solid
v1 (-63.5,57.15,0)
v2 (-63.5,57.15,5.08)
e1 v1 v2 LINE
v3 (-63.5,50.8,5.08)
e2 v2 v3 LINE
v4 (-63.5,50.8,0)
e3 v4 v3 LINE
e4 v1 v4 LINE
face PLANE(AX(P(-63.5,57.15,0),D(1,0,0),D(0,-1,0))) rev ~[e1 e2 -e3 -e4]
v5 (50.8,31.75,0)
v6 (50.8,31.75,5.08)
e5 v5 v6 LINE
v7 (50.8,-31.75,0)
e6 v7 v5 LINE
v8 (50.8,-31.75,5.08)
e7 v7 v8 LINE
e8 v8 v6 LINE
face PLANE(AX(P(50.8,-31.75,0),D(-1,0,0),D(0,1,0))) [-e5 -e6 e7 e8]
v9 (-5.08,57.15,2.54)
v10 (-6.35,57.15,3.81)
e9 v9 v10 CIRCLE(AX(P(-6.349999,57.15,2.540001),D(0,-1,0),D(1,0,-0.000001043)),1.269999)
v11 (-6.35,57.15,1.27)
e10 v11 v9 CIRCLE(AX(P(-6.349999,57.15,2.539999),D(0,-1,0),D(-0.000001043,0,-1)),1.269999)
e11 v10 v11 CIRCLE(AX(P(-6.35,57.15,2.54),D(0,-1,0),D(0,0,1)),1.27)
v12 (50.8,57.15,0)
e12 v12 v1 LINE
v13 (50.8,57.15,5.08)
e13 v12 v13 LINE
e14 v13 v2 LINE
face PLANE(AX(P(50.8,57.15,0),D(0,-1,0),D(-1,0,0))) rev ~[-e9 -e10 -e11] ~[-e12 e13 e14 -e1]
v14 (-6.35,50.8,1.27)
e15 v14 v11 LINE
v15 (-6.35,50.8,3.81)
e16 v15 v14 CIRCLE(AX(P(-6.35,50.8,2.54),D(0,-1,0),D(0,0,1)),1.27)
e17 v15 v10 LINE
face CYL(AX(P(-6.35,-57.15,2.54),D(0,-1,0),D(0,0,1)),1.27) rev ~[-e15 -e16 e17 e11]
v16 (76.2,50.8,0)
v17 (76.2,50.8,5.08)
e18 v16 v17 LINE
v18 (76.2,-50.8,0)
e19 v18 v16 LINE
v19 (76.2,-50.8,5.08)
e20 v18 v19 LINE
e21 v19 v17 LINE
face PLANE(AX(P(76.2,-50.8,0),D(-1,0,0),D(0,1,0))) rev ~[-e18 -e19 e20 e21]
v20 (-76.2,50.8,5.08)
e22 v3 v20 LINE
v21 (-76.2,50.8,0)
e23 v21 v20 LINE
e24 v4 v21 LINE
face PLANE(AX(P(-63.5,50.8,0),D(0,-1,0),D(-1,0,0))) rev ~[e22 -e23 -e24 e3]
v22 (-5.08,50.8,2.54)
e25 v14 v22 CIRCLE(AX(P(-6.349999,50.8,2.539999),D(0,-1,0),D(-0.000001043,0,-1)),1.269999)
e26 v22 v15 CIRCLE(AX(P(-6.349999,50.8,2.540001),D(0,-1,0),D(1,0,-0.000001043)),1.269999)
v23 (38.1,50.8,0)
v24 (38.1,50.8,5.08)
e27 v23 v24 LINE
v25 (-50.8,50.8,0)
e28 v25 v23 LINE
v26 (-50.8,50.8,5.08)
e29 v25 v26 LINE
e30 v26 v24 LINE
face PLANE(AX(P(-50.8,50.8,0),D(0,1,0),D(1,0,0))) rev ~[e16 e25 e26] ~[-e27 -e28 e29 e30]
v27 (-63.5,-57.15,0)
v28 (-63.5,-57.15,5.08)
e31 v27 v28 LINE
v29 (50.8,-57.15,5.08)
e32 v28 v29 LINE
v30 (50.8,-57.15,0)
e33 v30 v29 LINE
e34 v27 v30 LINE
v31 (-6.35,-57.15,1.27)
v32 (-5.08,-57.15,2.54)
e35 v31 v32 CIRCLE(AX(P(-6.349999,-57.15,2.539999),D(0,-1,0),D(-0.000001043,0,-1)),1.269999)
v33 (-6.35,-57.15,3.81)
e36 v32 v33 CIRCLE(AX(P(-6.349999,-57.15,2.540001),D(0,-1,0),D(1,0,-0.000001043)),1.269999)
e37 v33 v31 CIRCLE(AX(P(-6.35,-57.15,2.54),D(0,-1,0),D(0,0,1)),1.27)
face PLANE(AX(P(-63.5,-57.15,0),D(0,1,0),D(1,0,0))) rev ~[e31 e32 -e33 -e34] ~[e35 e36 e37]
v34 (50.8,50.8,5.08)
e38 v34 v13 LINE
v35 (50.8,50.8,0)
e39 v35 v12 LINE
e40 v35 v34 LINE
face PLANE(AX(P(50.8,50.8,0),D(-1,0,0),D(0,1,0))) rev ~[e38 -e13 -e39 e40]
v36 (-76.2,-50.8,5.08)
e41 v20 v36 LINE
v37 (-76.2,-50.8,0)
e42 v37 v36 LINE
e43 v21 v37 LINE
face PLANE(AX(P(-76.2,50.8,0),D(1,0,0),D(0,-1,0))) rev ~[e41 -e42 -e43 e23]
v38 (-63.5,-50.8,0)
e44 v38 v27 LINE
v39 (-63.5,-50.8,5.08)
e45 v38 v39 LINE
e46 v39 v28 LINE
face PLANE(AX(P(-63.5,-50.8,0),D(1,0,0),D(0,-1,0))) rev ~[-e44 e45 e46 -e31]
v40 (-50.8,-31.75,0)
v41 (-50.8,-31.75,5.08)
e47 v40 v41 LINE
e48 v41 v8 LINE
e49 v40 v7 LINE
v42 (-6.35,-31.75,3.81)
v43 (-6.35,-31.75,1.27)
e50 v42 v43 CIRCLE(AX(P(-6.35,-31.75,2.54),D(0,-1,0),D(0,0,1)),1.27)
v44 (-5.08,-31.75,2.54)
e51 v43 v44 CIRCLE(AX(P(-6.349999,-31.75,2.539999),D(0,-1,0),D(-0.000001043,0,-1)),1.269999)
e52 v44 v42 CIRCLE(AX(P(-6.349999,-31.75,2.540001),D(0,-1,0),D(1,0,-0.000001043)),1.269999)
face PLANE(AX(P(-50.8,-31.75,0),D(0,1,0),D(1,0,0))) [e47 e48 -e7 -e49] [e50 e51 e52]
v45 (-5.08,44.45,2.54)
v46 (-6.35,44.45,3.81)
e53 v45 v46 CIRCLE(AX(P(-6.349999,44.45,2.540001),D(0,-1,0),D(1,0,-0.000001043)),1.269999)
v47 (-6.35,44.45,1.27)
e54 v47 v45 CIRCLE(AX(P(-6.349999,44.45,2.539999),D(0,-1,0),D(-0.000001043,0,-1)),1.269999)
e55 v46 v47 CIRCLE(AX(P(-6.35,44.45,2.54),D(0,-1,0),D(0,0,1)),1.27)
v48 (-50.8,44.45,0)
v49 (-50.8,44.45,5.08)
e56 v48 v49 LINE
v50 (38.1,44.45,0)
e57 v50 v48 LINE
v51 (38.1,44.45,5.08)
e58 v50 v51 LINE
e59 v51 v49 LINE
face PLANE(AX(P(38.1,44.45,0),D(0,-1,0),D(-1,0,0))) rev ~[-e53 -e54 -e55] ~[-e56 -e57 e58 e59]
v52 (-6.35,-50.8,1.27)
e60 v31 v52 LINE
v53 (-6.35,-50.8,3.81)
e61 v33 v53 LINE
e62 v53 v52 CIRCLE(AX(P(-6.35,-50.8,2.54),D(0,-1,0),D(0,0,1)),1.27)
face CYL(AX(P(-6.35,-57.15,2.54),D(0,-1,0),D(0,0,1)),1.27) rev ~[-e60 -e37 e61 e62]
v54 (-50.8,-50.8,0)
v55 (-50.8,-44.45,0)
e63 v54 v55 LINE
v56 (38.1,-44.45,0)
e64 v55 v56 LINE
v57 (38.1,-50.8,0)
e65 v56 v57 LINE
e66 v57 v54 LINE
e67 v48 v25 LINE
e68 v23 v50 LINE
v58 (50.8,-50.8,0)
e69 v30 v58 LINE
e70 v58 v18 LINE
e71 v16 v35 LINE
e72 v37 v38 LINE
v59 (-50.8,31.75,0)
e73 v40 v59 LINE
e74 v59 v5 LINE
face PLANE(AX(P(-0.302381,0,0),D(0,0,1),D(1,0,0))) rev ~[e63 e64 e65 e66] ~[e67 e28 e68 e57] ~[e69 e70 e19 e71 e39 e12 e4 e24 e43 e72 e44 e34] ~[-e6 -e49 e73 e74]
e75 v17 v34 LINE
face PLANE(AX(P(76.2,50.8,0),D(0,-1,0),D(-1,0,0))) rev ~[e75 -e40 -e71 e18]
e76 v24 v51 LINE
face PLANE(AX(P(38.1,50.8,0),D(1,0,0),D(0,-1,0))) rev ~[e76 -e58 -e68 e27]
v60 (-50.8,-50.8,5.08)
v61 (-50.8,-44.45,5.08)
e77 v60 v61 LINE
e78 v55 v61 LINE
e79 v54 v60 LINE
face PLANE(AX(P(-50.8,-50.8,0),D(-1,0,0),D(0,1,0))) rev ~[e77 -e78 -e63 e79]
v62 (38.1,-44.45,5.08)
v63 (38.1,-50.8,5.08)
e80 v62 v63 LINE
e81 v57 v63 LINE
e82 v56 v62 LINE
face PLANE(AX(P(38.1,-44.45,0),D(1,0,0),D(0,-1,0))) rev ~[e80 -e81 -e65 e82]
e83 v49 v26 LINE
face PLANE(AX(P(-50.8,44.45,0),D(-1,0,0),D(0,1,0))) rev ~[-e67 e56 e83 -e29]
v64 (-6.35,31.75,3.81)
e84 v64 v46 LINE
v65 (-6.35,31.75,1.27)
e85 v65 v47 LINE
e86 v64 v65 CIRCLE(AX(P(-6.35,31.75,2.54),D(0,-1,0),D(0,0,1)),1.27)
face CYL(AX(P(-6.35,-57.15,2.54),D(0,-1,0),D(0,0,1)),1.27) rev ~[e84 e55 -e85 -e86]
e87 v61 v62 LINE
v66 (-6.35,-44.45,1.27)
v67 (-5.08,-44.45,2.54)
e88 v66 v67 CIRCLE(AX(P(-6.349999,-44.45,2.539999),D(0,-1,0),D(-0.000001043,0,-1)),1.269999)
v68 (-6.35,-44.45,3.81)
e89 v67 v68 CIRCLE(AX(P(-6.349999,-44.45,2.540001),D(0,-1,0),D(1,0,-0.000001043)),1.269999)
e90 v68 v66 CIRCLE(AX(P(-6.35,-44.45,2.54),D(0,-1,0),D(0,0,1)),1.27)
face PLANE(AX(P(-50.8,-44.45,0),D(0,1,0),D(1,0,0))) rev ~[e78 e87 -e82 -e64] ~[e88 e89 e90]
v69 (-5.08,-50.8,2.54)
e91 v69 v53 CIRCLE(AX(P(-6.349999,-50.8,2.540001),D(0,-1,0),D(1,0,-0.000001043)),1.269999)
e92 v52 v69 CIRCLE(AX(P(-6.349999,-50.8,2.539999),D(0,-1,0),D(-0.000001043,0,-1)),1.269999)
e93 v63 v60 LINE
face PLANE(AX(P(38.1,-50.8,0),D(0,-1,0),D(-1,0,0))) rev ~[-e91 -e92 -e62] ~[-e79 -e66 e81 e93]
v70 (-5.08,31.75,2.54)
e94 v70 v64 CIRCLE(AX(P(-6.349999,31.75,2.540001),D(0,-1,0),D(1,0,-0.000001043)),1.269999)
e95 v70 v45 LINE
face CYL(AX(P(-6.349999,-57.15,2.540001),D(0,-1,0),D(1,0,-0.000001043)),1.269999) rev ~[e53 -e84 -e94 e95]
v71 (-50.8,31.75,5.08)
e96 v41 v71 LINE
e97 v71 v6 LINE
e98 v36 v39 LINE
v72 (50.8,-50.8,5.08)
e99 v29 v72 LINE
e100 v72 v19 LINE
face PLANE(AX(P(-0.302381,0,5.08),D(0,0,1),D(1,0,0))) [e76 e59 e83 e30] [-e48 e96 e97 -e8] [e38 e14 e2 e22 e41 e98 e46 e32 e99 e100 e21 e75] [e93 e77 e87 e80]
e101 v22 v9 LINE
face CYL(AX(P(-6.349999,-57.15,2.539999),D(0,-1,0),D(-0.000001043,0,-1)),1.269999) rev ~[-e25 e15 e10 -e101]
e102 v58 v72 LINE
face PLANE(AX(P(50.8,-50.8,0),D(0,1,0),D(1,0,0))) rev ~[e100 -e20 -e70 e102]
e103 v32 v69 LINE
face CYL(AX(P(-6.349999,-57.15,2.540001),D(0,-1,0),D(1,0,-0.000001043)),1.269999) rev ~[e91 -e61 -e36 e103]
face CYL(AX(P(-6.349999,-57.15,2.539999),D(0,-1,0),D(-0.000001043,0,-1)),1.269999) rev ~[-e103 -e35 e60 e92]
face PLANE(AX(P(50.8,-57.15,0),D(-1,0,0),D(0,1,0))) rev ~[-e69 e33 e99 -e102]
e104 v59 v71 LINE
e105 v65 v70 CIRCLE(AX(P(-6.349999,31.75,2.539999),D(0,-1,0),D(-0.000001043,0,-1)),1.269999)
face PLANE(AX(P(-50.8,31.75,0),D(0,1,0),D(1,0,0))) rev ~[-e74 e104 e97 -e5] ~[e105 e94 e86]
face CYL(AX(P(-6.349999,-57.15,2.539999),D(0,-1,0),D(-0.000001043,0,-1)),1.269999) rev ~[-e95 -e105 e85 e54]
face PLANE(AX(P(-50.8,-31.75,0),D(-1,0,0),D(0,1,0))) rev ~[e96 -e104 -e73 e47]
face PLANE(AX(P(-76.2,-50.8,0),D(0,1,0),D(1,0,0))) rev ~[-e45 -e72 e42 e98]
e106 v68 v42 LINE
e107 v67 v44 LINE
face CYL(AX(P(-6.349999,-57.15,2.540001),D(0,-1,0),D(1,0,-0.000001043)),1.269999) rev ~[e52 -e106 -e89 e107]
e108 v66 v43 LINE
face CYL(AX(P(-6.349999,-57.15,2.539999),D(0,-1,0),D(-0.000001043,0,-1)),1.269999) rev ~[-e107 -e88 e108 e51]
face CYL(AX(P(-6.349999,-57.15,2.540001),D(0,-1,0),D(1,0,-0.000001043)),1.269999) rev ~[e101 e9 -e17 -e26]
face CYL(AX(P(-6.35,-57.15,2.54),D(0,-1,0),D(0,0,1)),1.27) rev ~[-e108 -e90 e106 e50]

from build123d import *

# Parameters (mm, degrees)
F0_W     = 101.6
F0_H     = 63.5
F1_DEPTH = 5.08
F3_DEPTH = 152.4


with BuildPart() as f1:
    # F0 (on Top) → F1 (new body)
    with BuildSketch(Plane.XY):
        Polygon((-76.2, 50.8), (-76.2, 0), (-76.2, -50.8), (-63.5, -50.8), (-50.8, -50.8), (-50.8, -44.45), (38.1, -44.45), (38.1, -50.8), (50.8, -50.8), (76.2, -50.8), (76.2, 0), (76.2, 50.8), (50.8, 50.8), (38.1, 50.8), (38.1, 44.45), (-50.8, 44.45), (-50.8, 50.8), (-63.5, 50.8), align=None)
        Rectangle(F0_W, F0_H, mode=Mode.SUBTRACT)
        Polygon((-63.5, 57.15), (-63.5, 50.8), (-50.8, 50.8), (38.1, 50.8), (50.8, 50.8), (50.8, 57.15), align=None)
        Polygon((-50.8, -50.8), (-63.5, -50.8), (-63.5, -57.15), (50.8, -57.15), (50.8, -50.8), (38.1, -50.8), align=None)
    extrude(amount=F1_DEPTH)

    # F2 (on face) → F3 (cut)
    with BuildSketch(Plane.XZ.offset(57.15)):
        with BuildLine():
            ThreePointArc((-6.35, 3.81), (-7.62, 2.54), (-6.35, 1.27))
            Line((-6.35, 1.27), (-6.35, 3.81))
        make_face()
        with BuildLine():
            Line((-6.35, 3.81), (-6.35, 1.27))
            ThreePointArc((-6.35, 1.27), (-5.451974, 1.641974), (-5.08, 2.54))
            ThreePointArc((-5.08, 2.54), (-5.451974, 3.438026), (-6.35, 3.81))
        make_face()
    extrude(amount=-F3_DEPTH, mode=Mode.SUBTRACT)


solid = f1.part
